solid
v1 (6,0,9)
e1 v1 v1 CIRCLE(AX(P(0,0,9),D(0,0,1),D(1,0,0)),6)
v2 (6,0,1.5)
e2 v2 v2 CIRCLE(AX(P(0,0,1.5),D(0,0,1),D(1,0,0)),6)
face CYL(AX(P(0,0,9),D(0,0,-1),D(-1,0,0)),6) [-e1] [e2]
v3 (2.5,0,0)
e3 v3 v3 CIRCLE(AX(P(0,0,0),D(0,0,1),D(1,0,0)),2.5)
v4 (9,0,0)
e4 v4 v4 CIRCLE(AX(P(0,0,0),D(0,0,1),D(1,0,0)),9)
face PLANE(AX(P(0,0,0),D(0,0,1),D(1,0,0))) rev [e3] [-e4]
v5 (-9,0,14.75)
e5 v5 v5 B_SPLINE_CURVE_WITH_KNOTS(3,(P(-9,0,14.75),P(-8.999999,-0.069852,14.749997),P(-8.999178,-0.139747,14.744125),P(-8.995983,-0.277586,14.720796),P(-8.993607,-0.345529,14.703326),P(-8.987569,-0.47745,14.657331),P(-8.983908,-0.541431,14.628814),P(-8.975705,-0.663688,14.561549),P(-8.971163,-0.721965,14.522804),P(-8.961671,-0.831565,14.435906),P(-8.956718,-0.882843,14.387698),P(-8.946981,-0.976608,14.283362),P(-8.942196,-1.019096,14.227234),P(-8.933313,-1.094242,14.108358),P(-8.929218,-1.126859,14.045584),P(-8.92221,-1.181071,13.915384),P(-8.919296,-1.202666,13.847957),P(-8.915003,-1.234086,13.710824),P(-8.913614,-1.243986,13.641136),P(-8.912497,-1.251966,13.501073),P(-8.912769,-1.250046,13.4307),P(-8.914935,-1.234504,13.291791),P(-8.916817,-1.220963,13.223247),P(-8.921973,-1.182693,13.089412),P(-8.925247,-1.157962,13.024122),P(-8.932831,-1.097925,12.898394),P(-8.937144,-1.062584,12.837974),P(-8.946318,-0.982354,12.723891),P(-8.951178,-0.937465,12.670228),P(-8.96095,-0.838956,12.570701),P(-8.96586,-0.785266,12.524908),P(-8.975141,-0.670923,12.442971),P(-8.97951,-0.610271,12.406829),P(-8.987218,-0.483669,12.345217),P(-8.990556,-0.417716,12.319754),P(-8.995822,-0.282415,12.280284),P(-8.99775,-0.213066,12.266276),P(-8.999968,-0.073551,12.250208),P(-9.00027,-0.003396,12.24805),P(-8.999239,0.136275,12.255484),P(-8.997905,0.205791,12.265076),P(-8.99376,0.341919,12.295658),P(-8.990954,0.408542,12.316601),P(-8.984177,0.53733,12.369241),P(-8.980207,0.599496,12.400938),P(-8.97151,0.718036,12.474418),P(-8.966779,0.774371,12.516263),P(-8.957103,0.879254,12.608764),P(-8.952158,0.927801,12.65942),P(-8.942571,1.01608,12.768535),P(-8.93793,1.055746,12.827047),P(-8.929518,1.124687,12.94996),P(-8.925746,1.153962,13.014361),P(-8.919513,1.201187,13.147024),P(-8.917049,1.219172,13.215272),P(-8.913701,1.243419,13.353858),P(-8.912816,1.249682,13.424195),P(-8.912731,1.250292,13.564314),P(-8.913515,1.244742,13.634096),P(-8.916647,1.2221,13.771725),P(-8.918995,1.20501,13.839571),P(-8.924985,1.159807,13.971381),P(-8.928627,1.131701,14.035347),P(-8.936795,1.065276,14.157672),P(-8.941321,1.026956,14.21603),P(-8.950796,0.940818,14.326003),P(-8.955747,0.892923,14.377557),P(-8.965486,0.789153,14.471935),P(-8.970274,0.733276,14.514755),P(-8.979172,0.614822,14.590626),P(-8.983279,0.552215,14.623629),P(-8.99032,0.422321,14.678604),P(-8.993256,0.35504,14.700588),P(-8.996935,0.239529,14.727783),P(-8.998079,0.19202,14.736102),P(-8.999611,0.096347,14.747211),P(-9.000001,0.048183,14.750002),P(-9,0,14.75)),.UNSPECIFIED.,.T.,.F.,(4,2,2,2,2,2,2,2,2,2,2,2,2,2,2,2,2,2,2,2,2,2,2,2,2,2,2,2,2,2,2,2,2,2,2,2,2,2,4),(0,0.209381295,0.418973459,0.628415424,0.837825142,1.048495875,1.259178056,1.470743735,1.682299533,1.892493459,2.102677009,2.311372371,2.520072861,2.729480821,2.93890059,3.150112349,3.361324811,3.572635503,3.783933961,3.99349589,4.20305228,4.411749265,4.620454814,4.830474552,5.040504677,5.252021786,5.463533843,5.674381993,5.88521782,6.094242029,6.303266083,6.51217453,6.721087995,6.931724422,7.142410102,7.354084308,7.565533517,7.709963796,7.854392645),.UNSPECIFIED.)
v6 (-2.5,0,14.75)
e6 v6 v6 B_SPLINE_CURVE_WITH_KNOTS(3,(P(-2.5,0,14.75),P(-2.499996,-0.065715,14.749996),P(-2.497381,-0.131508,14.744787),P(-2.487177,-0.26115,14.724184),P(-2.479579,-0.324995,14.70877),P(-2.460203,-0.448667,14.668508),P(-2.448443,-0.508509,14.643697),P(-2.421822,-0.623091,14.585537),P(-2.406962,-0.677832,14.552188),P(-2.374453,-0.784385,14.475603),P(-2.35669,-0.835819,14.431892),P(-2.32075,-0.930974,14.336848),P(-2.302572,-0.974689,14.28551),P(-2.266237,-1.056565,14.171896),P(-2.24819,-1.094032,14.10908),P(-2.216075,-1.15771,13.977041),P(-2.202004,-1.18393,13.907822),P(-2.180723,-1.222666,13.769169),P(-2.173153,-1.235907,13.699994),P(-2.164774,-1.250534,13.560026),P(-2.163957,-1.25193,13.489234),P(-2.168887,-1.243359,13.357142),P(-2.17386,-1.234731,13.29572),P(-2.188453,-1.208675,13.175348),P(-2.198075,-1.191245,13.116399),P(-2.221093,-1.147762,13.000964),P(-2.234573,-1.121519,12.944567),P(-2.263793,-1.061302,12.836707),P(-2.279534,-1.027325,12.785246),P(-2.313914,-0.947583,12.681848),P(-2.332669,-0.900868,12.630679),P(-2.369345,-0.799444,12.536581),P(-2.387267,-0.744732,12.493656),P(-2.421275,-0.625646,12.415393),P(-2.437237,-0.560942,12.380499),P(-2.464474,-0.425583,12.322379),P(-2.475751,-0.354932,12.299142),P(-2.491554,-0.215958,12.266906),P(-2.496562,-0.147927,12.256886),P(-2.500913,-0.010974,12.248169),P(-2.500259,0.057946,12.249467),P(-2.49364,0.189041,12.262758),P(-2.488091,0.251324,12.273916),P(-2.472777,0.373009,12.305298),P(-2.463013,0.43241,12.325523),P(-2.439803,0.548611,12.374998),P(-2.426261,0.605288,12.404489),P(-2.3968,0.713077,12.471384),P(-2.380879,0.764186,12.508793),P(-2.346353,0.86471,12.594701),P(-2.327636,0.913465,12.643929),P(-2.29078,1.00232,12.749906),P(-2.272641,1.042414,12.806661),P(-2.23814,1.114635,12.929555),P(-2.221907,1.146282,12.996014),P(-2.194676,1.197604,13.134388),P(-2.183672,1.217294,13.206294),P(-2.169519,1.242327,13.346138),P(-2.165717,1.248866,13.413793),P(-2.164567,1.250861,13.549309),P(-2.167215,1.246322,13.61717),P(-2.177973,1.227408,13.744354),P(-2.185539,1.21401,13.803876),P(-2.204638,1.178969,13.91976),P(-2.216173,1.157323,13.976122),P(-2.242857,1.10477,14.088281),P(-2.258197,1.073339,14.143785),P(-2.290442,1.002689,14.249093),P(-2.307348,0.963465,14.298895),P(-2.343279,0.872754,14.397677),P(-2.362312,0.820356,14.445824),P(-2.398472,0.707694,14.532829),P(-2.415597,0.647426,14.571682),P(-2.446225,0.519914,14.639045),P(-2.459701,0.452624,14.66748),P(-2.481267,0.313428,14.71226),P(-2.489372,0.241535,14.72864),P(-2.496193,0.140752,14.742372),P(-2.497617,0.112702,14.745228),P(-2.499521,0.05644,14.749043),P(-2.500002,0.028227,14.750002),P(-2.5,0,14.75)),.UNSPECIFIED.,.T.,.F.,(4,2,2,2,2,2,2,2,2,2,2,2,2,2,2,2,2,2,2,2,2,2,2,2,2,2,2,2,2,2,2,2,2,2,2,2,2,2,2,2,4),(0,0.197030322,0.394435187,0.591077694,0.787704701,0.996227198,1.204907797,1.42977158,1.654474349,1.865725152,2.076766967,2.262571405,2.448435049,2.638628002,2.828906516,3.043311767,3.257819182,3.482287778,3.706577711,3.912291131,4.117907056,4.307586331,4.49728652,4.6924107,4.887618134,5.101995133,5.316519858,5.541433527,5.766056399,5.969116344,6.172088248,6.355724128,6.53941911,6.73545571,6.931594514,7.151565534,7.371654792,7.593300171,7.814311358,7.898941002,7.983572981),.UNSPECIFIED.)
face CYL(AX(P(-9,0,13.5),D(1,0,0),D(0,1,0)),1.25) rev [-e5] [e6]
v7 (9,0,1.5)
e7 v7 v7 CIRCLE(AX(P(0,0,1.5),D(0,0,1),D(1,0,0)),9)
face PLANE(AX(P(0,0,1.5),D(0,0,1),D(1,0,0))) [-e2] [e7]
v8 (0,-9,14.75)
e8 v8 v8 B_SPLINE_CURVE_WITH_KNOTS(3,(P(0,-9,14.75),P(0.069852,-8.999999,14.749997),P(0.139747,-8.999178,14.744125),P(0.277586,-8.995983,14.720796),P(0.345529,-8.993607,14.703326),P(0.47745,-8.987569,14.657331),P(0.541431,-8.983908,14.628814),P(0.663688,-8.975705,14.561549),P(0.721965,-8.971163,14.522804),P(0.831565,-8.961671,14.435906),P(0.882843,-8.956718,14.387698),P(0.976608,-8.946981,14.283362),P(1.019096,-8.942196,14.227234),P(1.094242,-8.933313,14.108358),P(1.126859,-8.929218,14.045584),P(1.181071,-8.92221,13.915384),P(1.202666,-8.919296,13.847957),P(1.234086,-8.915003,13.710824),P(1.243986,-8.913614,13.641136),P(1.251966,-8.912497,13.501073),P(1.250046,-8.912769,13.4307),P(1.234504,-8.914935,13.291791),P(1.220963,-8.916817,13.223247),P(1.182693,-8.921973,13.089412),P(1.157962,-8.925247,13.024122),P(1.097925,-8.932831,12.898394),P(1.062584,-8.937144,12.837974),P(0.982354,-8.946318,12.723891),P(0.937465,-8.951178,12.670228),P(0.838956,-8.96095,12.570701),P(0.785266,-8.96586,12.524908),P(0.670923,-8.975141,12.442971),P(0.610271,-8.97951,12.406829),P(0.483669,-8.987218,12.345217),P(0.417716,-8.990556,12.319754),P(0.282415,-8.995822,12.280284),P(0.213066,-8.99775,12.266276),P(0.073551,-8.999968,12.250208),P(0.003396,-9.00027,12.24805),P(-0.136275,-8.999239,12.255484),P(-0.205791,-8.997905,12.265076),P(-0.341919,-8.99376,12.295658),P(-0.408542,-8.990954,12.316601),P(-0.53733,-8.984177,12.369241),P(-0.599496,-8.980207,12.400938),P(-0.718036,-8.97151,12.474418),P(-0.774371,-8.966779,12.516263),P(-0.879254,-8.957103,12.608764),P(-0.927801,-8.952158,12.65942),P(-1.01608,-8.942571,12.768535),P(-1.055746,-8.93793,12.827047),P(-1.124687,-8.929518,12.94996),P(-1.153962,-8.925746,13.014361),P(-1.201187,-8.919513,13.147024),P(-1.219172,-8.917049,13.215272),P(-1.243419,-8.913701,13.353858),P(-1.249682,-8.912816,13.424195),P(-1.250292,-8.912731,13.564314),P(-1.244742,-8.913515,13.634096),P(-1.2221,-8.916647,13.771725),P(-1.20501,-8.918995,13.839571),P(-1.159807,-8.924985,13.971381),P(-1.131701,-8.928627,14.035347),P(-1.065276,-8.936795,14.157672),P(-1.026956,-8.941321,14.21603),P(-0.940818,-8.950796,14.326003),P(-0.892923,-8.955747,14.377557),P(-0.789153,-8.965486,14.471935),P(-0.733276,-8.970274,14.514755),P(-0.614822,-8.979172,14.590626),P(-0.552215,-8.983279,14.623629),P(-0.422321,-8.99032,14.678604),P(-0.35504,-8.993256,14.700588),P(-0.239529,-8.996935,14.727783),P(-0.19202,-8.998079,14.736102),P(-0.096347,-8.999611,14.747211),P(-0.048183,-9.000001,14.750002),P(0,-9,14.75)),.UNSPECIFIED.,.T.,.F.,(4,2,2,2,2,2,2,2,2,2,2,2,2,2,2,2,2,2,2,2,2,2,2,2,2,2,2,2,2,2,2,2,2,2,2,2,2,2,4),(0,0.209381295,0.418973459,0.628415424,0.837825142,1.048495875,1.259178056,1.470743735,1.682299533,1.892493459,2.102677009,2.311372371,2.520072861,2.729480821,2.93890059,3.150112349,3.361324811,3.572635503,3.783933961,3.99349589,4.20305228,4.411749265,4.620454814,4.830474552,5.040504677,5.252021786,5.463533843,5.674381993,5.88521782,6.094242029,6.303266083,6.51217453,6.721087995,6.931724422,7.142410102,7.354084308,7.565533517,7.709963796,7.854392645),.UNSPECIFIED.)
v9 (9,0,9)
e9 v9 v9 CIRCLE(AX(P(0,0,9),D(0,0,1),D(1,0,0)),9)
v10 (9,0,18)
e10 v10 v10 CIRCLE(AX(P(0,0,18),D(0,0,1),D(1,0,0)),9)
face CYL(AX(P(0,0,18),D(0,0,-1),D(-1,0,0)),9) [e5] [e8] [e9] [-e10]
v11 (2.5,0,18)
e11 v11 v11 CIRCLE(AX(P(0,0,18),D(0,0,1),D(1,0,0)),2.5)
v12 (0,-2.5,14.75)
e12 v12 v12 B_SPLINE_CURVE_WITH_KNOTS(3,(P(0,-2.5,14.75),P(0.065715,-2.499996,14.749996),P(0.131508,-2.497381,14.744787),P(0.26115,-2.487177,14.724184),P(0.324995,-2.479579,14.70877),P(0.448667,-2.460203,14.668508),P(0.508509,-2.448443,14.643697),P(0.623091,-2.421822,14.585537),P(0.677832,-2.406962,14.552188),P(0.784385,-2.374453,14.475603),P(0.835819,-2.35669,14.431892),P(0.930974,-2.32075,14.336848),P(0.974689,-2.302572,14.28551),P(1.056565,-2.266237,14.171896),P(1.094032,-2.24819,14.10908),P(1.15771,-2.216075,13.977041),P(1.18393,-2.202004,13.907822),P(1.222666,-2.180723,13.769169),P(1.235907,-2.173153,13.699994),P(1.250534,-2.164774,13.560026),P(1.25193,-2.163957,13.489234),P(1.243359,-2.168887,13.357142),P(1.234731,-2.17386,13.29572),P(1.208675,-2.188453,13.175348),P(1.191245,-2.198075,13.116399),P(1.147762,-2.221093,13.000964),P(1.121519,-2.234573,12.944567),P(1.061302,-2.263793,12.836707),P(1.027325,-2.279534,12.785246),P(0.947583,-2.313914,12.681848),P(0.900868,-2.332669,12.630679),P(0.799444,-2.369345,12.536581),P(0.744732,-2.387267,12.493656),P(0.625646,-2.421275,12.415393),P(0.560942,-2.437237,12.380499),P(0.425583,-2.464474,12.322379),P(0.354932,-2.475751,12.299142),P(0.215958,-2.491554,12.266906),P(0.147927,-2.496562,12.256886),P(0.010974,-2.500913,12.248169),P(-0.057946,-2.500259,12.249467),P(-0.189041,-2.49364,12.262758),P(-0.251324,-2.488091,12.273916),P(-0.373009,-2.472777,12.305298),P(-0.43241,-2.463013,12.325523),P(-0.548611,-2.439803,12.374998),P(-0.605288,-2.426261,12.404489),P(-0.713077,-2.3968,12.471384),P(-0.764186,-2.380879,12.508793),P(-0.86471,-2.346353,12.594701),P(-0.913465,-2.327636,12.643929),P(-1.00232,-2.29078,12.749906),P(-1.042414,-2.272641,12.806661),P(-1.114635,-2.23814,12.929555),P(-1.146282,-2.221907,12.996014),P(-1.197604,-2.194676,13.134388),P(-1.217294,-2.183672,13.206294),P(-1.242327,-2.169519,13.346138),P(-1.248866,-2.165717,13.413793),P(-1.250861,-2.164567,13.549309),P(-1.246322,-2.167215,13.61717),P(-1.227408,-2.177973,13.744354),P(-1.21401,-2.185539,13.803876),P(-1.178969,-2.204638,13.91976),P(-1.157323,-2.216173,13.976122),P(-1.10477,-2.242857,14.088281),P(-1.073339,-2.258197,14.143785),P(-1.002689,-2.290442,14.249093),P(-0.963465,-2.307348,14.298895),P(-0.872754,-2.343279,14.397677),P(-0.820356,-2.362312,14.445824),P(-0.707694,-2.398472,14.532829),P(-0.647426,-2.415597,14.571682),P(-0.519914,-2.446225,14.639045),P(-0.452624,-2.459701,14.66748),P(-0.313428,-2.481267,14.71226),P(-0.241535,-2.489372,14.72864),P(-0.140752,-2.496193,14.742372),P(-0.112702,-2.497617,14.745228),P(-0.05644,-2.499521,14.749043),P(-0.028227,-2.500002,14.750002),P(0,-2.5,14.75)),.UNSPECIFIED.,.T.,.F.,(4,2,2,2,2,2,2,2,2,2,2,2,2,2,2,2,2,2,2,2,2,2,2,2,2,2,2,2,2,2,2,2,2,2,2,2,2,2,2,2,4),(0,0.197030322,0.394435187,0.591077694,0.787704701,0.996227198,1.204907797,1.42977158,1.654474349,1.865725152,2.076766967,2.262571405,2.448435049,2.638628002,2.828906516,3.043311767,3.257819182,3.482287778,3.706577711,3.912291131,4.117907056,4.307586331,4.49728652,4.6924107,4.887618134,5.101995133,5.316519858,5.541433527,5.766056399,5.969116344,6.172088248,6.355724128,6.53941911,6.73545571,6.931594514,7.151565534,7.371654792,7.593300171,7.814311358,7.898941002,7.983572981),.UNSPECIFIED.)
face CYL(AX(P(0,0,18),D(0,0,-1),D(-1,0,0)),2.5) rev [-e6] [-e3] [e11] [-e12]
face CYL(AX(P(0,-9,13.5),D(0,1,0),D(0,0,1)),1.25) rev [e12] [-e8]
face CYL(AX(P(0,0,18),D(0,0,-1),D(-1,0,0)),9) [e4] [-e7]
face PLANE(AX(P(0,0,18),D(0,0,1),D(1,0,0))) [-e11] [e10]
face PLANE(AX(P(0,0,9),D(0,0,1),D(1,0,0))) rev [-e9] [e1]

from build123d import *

# Parameters (mm, degrees)
ESQUISSE1_R                  = 9
BOSS_EXTRU_1_DEPTH           = 18
ENL_V_START                  = 1.5
ESQUISSE2_R                  = 9
ESQUISSE2_R_2                = 6
ENL_V_MAT_EXTRU_1_DEPTH      = 7.5
ESQUISSE3_R                  = 2.5
ENL_V_MAT_EXTRU_3_DEPTH      = 23.045407685
ESQUISSE4_R                  = 1.25
ENL_V_MAT_EXTRU_4_DEPTH      = 23.045407685
R_P_TITION_CIRCULAIRE1_COUNT = 2
R_P_TITION_CIRCULAIRE1_ANGLE = 90


with BuildPart() as part:
    # Esquisse1 → Boss.-Extru.1 (new body)
    with BuildSketch(Plane.XY):
        Circle(ESQUISSE1_R)
    extrude(amount=BOSS_EXTRU_1_DEPTH)

    # Esquisse2 → Enlèv. mat.-Extru.1 (cut)
    with BuildSketch(Plane.XY.offset(ENL_V_START)):
        Circle(ESQUISSE2_R)
        Circle(ESQUISSE2_R_2, mode=Mode.SUBTRACT)
    extrude(amount=ENL_V_MAT_EXTRU_1_DEPTH, mode=Mode.SUBTRACT)

    # Esquisse3 → Enlèv. mat.-Extru.3 (cut, through all)
    with BuildSketch(Plane.XY):
        Circle(ESQUISSE3_R)
    extrude(amount=ENL_V_MAT_EXTRU_3_DEPTH, mode=Mode.SUBTRACT)

    # Esquisse4 → Enlèv. mat.-Extru.4 (cut, through all)
    with BuildSketch(Plane(origin=(0, 0, 0), x_dir=(1, 0, 0), z_dir=(0, 1, 0))):
        with Locations(Location((0, -13.5, 0), (0, 0, 270))):
            Circle(ESQUISSE4_R)
    enl_v_mat_extru_4 = extrude(amount=-ENL_V_MAT_EXTRU_4_DEPTH, mode=Mode.SUBTRACT)

    # Répétition circulaire1: Enlèv. mat.-Extru.4 ×2 about axis
    r_p_tition_circulaire1_axis = Axis((0, 0, 18), (0, 0, -1))
    for i in range(1, R_P_TITION_CIRCULAIRE1_COUNT):
        add(enl_v_mat_extru_4.rotate(r_p_tition_circulaire1_axis, i * R_P_TITION_CIRCULAIRE1_ANGLE / (R_P_TITION_CIRCULAIRE1_COUNT - 1)), mode=Mode.SUBTRACT)


solid = part.part
